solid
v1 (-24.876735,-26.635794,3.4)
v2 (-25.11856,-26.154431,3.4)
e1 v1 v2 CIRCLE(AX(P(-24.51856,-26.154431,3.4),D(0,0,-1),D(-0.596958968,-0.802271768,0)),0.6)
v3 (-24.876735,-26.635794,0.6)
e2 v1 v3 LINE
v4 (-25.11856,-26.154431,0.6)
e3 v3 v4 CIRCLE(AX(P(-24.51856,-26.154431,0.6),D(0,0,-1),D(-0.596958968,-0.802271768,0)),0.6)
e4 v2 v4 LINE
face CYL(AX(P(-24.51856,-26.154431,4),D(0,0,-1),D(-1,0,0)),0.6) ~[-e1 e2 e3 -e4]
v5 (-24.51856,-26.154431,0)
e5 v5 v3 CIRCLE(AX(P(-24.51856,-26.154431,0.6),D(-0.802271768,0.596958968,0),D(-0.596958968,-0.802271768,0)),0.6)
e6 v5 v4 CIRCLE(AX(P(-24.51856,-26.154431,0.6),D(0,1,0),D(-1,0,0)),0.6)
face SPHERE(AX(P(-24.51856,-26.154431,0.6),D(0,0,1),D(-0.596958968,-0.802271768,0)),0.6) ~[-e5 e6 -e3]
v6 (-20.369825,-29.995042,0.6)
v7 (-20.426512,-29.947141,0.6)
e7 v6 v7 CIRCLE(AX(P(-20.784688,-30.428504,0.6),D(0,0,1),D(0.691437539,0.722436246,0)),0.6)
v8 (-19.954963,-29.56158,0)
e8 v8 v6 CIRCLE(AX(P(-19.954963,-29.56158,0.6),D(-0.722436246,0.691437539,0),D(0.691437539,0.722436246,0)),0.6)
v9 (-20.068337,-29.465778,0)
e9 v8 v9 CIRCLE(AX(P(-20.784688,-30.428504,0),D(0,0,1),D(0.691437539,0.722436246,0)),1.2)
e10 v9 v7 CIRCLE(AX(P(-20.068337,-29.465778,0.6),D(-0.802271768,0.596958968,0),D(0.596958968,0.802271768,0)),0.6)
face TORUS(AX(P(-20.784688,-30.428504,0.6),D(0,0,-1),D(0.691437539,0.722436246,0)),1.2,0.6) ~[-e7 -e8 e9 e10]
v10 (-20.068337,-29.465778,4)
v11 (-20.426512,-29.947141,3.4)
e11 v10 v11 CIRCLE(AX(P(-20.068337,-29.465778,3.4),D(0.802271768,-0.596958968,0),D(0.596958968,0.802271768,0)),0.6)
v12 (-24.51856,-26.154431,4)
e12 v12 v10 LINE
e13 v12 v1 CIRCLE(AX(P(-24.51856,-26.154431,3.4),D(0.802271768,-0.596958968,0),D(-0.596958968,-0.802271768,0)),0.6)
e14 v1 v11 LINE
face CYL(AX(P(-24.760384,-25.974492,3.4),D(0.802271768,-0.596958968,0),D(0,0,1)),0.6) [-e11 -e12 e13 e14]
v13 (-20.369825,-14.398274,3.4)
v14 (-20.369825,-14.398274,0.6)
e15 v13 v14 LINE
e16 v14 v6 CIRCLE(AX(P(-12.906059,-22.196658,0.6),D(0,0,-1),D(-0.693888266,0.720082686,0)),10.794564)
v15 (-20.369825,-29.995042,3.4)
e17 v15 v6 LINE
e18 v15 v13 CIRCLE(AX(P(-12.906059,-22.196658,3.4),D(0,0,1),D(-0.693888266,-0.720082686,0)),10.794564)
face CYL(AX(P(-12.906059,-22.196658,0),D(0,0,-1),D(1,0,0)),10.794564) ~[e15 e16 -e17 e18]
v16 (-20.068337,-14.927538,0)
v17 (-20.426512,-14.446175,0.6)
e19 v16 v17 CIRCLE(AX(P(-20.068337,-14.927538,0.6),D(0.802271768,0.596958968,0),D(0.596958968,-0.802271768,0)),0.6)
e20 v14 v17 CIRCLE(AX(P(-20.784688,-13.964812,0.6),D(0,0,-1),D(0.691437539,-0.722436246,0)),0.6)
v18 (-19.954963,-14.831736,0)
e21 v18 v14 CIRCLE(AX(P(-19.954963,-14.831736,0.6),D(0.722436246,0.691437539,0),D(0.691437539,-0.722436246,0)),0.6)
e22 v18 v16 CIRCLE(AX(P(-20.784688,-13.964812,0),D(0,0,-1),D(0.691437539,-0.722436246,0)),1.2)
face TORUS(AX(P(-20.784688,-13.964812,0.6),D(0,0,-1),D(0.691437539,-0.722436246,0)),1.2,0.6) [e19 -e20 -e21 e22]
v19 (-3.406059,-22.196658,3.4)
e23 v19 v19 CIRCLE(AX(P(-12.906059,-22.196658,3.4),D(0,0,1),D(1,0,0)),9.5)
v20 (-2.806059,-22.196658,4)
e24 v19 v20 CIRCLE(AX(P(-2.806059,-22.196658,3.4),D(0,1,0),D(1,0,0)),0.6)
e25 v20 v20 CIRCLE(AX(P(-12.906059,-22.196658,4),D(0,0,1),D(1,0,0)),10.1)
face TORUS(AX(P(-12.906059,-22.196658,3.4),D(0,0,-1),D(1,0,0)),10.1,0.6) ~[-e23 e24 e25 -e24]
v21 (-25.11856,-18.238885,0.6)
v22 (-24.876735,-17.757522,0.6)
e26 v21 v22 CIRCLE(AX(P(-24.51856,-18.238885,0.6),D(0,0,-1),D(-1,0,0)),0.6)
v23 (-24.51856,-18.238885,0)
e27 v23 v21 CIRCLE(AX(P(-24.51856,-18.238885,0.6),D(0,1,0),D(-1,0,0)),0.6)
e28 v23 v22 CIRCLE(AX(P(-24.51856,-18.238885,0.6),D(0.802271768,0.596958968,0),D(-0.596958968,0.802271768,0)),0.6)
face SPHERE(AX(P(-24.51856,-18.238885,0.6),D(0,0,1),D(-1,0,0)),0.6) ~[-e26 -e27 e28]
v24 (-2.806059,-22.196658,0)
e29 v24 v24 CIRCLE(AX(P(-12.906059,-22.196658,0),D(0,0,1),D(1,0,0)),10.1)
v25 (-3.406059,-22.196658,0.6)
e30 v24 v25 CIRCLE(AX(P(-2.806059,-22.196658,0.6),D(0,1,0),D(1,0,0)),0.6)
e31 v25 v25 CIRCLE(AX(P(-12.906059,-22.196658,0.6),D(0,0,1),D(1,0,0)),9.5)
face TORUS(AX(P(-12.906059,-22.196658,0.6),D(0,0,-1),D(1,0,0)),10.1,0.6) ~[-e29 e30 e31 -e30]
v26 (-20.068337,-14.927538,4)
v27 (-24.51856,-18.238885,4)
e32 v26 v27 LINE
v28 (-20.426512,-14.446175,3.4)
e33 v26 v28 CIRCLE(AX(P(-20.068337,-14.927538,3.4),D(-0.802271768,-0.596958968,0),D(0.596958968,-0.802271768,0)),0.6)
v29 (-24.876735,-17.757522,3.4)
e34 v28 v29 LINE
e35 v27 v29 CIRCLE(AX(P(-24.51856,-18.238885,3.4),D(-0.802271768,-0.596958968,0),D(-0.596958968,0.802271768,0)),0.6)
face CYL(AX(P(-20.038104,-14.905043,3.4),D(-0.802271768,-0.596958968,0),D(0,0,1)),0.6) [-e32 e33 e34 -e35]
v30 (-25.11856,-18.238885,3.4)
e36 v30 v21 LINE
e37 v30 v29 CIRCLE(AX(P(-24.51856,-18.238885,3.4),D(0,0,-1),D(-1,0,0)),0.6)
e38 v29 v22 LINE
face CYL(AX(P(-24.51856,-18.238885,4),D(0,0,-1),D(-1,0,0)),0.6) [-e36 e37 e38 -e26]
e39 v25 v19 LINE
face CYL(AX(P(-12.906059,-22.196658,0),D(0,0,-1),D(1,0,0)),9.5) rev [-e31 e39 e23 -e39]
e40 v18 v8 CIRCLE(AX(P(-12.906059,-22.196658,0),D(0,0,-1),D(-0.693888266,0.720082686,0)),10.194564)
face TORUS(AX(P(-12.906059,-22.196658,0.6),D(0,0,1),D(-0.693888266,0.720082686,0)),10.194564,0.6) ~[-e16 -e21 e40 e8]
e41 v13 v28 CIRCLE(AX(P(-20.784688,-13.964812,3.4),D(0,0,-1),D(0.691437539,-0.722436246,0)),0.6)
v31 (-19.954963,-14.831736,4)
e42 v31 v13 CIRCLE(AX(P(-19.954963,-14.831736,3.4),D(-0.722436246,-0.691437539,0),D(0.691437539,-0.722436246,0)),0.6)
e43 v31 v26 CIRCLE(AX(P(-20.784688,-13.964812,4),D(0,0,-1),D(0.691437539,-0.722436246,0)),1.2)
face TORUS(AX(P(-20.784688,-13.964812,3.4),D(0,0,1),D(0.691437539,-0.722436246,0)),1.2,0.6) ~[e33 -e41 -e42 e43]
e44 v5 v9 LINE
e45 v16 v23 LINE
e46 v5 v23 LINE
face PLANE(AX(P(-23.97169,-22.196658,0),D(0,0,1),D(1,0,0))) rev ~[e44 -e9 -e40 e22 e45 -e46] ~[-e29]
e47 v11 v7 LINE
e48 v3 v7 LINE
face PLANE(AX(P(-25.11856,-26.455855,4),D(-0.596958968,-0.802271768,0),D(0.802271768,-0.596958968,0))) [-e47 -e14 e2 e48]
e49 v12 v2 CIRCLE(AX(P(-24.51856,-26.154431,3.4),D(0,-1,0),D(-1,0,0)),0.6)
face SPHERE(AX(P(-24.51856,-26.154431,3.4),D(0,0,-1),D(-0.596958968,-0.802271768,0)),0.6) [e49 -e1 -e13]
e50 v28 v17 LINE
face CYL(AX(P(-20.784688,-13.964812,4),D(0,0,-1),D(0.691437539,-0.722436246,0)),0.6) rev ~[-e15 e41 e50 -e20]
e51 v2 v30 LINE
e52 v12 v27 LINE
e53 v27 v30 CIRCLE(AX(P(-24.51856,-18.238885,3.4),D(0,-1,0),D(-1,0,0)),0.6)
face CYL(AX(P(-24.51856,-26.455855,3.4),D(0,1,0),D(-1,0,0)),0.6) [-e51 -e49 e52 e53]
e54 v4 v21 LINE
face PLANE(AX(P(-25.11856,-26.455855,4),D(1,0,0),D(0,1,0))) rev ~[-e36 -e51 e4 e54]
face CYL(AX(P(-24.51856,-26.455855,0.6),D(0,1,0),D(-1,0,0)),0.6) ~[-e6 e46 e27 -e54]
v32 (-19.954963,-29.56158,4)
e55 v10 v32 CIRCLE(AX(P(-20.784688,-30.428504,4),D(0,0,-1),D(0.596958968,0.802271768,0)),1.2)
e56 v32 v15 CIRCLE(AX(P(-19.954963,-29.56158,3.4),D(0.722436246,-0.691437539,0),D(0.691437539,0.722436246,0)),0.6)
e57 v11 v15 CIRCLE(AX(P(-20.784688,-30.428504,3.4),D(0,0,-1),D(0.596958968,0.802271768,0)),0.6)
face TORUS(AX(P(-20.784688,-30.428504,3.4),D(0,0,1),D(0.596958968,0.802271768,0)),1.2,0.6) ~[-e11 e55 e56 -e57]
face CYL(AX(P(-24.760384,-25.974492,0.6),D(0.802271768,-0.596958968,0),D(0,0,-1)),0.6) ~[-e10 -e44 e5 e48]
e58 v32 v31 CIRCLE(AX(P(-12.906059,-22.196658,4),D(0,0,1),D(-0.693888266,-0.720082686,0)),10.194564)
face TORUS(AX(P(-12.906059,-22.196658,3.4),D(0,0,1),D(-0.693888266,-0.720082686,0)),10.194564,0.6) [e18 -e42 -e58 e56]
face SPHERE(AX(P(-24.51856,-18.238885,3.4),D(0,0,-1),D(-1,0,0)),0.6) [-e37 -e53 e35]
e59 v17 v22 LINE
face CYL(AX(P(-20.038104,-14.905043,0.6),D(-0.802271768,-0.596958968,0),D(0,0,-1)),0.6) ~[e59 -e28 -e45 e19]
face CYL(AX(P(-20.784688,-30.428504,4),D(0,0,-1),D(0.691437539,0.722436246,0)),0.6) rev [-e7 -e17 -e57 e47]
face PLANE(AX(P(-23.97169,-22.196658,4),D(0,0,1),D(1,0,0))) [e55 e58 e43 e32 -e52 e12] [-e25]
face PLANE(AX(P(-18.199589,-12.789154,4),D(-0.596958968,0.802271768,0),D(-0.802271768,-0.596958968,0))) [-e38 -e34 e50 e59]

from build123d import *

# Parameters (mm, degrees)
F0_R     = 10.7945636434
F0_R_2   = 9.5
F1_DEPTH = 4
F2_W     = 2.2937387829
F2_H     = 8.5183947237
F3_DEPTH = 4
F4_R     = 0.6


with BuildPart() as f1:
    # F0 (on Top) → F1 (new body)
    with BuildSketch(Plane.XY):
        with Locations((-12.9060586914, -22.1966579556)):
            Circle(F0_R)
        with Locations((-12.9060586914, -22.1966579556)):
            Circle(F0_R_2, mode=Mode.SUBTRACT)
    extrude(amount=F1_DEPTH)

    # F2 (on face) → F3 (join)
    with BuildSketch(Plane.XY.offset(4)):
        with Locations((-23.9716902075, -22.1966579556)):
            Rectangle(F2_W, F2_H)
        Polygon((-25.1185595989, -17.9374605938), (-22.824820816, -17.9374605938), (-18.1995894648, -12.7891537062), align=None)
        Polygon((-18.1995894648, -31.6041622051), (-22.824820816, -26.4558553175), (-25.1185595989, -26.4558553175), align=None)
    extrude(amount=-F3_DEPTH)

    # F4
    f4_edges = [f1.edges().sort_by_distance(p)[0] for p in [
        (-2.111495, -22.196658, 4),
        (-2.111495, -22.196658, 0),
        (-22.75742, -28.212746, 0),
        (-25.11856, -22.196658, 4),
        (-22.75742, -16.18057, 4),
        (-25.11856, -22.196658, 0),
        (-22.75742, -16.18057, 0),
        (-22.406059, -22.196658, 4),
        (-22.406059, -22.196658, 0),
        (-25.11856, -26.455855, 2),
        (-25.11856, -17.937461, 2),
        (-20.39628, -14.42368, 2),
        (-20.39628, -29.969636, 2),
        (-22.75742, -28.212746, 4),
    ]]
    fillet(f4_edges, radius=F4_R)


solid = f1.part
